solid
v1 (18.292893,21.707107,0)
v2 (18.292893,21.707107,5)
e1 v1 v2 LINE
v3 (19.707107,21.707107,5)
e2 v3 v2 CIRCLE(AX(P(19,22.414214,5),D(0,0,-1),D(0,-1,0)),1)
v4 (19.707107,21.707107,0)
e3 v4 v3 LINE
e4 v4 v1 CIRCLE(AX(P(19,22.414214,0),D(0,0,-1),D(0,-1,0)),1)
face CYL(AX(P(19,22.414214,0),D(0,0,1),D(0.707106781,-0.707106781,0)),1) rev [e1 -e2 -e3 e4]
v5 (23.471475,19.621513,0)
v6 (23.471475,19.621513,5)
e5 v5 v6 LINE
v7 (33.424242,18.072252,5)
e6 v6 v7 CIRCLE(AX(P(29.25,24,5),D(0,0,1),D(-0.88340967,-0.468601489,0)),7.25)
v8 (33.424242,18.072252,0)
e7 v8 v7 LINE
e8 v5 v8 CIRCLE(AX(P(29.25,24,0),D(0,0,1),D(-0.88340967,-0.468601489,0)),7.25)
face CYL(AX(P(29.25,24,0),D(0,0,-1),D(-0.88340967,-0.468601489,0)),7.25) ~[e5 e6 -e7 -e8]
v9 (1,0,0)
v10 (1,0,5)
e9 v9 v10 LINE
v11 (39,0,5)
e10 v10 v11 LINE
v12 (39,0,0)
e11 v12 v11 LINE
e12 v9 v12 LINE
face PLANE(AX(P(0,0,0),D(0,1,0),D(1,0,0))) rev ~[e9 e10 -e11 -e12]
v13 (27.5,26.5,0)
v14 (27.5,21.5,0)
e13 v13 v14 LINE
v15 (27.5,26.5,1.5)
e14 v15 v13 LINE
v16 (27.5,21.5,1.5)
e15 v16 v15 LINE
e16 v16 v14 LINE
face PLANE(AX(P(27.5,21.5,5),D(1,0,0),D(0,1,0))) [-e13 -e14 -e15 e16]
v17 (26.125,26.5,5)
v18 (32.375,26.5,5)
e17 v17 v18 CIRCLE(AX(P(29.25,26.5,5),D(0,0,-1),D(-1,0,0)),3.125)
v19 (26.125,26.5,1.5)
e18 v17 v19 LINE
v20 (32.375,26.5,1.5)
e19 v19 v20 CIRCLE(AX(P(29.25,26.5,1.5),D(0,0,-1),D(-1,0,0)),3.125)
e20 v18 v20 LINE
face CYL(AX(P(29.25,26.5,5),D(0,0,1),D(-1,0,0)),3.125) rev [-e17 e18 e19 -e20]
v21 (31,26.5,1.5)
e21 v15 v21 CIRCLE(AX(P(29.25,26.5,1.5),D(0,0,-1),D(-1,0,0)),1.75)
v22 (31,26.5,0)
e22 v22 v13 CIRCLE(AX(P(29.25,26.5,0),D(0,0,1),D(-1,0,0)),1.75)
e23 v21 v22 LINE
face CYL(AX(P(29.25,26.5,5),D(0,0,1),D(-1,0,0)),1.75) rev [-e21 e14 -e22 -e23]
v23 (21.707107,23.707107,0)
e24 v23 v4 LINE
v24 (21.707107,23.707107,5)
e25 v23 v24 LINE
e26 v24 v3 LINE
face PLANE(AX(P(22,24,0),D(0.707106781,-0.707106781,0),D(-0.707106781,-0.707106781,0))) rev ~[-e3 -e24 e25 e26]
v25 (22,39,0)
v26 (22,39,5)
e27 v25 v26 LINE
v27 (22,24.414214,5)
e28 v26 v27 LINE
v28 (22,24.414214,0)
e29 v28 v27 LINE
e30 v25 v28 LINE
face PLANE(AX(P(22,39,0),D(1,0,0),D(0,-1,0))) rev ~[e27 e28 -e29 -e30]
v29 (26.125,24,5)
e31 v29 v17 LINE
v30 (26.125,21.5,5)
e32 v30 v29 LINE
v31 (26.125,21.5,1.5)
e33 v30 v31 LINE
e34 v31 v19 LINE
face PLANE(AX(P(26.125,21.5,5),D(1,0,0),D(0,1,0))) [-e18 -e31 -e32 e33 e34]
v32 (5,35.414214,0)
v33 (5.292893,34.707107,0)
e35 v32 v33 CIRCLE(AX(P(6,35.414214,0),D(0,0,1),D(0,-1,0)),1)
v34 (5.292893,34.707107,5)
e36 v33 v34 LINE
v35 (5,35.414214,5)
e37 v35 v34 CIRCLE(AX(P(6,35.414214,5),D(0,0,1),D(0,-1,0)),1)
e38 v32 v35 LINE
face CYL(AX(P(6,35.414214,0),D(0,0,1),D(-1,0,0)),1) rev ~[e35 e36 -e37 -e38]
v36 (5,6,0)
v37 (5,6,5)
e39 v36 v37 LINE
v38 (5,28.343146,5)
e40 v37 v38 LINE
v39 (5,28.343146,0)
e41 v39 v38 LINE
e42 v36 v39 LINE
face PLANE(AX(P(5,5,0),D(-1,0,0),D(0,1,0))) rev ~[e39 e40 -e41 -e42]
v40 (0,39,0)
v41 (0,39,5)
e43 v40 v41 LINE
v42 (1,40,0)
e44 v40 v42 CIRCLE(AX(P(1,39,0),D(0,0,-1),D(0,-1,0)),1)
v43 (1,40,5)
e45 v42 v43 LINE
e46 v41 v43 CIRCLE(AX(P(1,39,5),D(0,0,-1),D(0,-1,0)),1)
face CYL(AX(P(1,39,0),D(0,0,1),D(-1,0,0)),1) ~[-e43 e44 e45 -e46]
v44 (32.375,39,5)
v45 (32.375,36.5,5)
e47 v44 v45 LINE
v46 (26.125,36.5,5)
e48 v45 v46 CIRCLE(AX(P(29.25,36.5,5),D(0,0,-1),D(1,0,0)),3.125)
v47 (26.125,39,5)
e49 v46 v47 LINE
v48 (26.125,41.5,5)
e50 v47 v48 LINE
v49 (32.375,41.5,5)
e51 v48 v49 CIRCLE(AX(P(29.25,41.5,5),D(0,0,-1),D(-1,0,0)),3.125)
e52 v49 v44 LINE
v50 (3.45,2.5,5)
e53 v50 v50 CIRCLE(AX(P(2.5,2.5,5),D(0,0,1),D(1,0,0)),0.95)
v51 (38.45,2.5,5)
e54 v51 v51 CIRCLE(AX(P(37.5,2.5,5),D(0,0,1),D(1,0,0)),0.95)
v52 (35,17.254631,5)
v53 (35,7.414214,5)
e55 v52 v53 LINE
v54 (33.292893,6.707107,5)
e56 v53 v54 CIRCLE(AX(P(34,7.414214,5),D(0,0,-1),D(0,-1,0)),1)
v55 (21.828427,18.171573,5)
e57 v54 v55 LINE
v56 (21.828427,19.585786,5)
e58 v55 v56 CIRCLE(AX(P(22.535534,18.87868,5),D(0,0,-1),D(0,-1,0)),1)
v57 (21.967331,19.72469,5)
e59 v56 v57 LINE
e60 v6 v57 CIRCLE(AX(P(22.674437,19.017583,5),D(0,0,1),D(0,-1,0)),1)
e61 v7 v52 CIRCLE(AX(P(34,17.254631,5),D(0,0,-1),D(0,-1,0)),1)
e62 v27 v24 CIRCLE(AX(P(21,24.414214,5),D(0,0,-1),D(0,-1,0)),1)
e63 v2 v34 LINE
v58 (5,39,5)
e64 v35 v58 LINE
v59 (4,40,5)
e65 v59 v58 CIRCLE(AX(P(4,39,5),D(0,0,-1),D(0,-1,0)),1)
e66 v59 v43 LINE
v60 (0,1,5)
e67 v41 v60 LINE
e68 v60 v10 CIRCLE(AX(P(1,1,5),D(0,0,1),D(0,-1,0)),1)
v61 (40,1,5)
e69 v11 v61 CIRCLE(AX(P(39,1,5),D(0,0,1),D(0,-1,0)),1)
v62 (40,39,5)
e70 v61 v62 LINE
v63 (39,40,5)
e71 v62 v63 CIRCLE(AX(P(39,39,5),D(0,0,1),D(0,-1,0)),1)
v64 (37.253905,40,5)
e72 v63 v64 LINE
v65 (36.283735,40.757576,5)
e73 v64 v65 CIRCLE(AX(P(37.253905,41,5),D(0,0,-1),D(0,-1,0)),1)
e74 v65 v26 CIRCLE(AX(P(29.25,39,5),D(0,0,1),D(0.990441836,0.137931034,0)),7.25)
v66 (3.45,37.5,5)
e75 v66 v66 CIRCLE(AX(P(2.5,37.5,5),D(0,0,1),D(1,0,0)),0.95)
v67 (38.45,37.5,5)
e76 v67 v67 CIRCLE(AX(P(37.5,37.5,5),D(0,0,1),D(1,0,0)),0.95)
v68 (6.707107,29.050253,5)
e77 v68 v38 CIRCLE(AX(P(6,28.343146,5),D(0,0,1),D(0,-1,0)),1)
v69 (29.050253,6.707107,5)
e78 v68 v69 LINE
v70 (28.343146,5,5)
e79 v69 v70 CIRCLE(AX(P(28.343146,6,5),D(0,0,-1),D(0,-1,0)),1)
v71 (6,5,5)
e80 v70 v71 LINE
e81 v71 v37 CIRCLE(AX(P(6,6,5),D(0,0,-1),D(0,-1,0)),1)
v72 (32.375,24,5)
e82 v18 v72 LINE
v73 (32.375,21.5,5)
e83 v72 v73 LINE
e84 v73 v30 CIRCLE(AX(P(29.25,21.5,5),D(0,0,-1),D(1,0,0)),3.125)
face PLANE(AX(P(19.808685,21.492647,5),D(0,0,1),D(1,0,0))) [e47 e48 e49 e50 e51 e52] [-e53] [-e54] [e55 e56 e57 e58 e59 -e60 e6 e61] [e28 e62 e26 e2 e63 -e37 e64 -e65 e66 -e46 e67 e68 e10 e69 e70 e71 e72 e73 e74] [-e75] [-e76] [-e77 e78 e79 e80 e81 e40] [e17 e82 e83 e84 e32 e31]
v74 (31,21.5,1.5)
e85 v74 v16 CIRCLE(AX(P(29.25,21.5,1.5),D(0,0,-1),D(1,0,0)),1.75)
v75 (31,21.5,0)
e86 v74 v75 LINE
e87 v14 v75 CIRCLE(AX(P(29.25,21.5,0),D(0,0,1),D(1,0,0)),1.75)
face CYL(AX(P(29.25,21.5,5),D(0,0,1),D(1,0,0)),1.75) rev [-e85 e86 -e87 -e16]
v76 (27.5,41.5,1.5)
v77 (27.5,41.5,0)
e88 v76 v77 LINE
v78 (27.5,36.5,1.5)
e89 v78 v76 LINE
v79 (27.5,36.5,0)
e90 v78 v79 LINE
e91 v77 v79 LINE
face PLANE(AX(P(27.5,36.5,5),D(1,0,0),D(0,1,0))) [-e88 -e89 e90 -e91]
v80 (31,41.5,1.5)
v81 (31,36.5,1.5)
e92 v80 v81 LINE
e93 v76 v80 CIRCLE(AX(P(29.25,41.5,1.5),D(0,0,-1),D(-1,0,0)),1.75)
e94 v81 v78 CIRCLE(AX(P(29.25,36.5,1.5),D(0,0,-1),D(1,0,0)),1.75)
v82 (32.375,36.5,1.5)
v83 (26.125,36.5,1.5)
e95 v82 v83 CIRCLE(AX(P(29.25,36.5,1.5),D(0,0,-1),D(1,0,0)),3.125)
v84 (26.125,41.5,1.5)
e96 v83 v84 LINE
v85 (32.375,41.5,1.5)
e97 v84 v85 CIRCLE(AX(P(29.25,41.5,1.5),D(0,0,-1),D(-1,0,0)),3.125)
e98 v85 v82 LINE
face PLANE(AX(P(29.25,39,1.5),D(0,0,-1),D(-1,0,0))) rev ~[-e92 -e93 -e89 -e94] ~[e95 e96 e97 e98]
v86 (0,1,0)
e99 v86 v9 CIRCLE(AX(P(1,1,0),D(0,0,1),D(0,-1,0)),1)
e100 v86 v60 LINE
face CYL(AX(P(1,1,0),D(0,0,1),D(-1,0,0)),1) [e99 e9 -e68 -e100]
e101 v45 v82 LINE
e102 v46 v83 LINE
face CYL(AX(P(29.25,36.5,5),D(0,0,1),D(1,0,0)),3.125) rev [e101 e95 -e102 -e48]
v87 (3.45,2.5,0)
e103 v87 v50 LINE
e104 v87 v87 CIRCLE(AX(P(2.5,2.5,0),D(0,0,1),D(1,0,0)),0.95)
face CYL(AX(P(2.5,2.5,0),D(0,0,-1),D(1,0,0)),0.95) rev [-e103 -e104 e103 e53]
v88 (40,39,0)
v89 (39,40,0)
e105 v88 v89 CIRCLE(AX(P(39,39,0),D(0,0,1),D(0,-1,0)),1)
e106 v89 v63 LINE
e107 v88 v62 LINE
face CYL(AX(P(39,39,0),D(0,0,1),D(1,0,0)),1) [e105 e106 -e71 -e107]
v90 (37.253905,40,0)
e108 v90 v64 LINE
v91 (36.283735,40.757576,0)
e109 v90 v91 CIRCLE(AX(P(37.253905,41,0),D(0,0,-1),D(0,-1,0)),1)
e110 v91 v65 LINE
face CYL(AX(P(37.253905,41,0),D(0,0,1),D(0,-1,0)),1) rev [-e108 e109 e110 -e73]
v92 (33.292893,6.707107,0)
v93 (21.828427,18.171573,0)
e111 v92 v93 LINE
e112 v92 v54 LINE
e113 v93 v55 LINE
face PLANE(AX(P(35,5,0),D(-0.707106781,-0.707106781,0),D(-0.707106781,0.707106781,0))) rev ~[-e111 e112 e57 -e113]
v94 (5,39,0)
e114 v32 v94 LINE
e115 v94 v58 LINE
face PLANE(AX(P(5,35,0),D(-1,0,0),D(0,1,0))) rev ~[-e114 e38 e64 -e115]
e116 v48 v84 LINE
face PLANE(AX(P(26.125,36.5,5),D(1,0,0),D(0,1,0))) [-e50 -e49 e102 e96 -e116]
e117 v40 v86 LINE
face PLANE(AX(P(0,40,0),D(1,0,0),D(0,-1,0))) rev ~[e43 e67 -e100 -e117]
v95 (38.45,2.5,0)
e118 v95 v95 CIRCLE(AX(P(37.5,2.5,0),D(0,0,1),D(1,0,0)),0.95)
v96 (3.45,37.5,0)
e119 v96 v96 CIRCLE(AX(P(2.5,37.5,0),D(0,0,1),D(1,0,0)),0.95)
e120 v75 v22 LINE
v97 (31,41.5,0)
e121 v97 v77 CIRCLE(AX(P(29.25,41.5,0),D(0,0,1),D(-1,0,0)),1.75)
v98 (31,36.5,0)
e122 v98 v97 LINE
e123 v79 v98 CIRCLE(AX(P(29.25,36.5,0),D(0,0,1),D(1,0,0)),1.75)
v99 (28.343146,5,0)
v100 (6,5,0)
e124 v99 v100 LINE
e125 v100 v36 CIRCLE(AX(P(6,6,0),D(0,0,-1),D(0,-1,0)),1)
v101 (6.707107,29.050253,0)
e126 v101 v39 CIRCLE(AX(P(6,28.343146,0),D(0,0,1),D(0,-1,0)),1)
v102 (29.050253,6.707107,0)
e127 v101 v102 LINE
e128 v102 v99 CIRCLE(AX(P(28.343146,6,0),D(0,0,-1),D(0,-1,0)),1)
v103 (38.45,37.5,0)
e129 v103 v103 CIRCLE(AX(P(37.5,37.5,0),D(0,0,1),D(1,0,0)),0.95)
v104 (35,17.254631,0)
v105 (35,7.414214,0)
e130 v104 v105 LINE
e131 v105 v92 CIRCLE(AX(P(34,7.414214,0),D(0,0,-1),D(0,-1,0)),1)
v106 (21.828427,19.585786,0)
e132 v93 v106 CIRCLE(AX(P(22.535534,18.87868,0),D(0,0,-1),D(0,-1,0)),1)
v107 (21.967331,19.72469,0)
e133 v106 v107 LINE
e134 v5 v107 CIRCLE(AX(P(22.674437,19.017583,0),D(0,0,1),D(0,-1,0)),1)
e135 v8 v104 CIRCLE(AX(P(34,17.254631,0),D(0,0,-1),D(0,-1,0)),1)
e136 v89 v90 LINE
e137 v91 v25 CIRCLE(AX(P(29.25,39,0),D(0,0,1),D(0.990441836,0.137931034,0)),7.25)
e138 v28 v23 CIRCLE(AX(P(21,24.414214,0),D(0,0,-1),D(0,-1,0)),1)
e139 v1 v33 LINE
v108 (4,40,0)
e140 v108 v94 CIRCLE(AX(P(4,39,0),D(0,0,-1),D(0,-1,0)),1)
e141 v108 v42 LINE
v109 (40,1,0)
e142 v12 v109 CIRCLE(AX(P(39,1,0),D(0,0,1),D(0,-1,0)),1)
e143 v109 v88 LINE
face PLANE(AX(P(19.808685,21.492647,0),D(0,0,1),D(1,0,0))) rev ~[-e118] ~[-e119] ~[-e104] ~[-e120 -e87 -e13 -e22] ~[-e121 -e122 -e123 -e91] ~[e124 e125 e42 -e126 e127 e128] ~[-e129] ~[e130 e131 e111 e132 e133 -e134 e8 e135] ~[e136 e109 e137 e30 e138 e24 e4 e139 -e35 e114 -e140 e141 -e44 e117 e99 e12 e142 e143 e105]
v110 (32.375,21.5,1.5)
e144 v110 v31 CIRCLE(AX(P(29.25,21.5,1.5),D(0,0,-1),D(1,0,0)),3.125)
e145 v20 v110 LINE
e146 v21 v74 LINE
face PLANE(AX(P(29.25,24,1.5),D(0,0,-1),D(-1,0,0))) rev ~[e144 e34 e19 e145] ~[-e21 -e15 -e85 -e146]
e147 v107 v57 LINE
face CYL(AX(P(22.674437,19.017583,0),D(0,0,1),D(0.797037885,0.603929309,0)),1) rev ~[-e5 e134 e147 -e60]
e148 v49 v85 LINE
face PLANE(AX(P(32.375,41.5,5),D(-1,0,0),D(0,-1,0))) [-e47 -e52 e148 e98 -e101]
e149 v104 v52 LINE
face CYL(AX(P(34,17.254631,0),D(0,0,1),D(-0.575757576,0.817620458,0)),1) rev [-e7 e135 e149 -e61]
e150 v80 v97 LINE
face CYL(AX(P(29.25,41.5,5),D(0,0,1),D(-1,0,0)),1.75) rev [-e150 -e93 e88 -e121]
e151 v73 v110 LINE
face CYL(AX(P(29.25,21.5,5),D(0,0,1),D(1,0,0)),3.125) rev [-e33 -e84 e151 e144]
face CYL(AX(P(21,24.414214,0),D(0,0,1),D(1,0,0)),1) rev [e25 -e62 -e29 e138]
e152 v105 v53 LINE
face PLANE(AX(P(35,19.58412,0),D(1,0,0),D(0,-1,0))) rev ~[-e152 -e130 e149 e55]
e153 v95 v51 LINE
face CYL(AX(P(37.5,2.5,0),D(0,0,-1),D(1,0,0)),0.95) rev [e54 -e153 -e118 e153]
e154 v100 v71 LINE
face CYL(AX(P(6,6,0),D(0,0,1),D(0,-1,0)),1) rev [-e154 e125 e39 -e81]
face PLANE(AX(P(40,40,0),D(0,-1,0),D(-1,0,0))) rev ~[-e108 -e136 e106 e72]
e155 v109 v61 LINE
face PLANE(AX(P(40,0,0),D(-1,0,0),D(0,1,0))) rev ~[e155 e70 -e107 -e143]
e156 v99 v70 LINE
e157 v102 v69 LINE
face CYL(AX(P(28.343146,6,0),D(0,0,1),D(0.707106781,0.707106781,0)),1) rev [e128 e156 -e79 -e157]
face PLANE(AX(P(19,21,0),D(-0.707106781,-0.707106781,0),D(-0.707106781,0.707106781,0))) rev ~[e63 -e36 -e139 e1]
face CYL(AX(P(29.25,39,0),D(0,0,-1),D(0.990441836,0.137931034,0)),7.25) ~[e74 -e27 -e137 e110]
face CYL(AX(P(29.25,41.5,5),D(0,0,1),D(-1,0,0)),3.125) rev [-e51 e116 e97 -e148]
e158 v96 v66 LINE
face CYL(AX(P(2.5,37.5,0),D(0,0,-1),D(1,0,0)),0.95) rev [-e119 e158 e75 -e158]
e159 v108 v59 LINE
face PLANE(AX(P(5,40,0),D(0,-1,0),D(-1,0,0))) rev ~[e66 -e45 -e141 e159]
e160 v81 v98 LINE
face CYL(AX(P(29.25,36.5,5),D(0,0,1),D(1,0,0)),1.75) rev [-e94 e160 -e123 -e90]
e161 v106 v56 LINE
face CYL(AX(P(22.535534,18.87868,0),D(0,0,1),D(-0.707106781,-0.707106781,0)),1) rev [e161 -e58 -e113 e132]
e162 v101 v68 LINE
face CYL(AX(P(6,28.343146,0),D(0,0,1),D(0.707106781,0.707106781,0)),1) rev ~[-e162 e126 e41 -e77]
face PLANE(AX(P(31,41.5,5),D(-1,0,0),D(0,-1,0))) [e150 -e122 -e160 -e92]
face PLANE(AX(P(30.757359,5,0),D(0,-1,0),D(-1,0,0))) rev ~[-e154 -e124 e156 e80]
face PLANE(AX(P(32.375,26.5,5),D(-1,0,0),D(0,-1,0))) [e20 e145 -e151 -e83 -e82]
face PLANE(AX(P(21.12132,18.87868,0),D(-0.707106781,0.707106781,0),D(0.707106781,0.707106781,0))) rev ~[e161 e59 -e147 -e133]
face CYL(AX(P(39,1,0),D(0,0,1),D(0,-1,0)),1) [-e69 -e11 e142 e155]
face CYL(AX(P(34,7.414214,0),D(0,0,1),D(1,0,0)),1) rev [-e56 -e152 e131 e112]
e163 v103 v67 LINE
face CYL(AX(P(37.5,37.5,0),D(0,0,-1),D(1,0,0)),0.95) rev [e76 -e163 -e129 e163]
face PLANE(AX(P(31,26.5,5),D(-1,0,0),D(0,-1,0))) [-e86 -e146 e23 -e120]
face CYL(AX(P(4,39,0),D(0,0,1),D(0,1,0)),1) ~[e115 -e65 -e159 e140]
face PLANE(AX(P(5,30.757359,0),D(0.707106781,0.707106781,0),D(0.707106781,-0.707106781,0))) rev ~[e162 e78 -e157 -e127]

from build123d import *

# Parameters (mm, degrees)
SKETCH1_R           = 0.95
SKETCH1_R_2         = 1.75
BOSS_EXTRUDE1_DEPTH = 5
SKETCH6_R           = 3.125
CUT_EXTRUDE1_DEPTH  = 3.2
CUT_EXTRUDE2_DEPTH  = 62.351955959
CUT_EXTRUDE3_DEPTH  = 3.5
FILLET1_R           = 1


with BuildPart() as part:
    # Sketch1 → Boss-Extrude1 (new body)
    with BuildSketch(Plane.XY):
        with BuildLine():
            Line((0, 40), (0, 0))
            Line((0, 0), (40, 0))
            Line((40, 0), (40, 40))
            Line((40, 40), (36.430703308, 40))
            ThreePointArc((36.430703308, 40), (28.74880093, 46.232655079), (22, 39))
            Line((22, 39), (22, 24))
            Line((22, 24), (19, 21))
            Line((19, 21), (5, 35))
            Line((5, 35), (5, 40))
            Line((5, 40), (0, 40))
        make_face()
        Polygon((5, 5), (5, 30.757359313), (30.757359313, 5), align=None, mode=Mode.SUBTRACT)
        with BuildLine():
            Line((35, 19.584119567), (35, 5))
            Line((35, 5), (21.121320344, 18.878679656))
            Line((21.121320344, 18.878679656), (22.845279894, 20.602639207))
            ThreePointArc((22.845279894, 20.602639207), (28.644599167, 16.77532078), (35, 19.584119567))
        make_face(mode=Mode.SUBTRACT)
        with Locations((2.5, 2.5)):
            Circle(SKETCH1_R, mode=Mode.SUBTRACT)
        with Locations((37.5, 2.5)):
            Circle(SKETCH1_R, mode=Mode.SUBTRACT)
        with Locations((2.5, 37.5)):
            Circle(SKETCH1_R, mode=Mode.SUBTRACT)
        with Locations((37.5, 37.5)):
            Circle(SKETCH1_R, mode=Mode.SUBTRACT)
        with Locations((29.25, 39)):
            Circle(SKETCH1_R_2, mode=Mode.SUBTRACT)
        with Locations((29.25, 24)):
            Circle(SKETCH1_R_2, mode=Mode.SUBTRACT)
    extrude(amount=BOSS_EXTRUDE1_DEPTH)

    # Sketch6 → Cut-Extrude1 (cut)
    with BuildSketch(Plane.XY.offset(5)):
        with Locations((29.25, 39)):
            Circle(SKETCH6_R)
        with Locations((29.25, 24)):
            Circle(SKETCH6_R)
    extrude(amount=-CUT_EXTRUDE1_DEPTH, mode=Mode.SUBTRACT)

    # Sketch7 → Cut-Extrude2 (cut, through all)
    with BuildSketch(Plane.XY.offset(5)):
        with BuildLine():
            Line((27.5, 26.5), (27.5, 21.5))
            ThreePointArc((27.5, 21.5), (29.25, 19.75), (31, 21.5))
            Line((31, 21.5), (31, 26.5))
            ThreePointArc((31, 26.5), (29.25, 28.25), (27.5, 26.5))
        make_face()
        with BuildLine():
            Line((27.5, 41.5), (27.5, 36.5))
            ThreePointArc((27.5, 36.5), (29.25, 34.75), (31, 36.5))
            Line((31, 36.5), (31, 41.5))
            ThreePointArc((31, 41.5), (29.25, 43.25), (27.5, 41.5))
        make_face()
    extrude(amount=-CUT_EXTRUDE2_DEPTH, mode=Mode.SUBTRACT)

    # Sketch7<3> → Cut-Extrude3 (cut)
    # profile 1 of 2: a face of its own
    with BuildSketch(Plane.XY.offset(5)):
        with BuildLine():
            Line((32.375, 26.5), (32.375, 21.5))
            ThreePointArc((32.375, 21.5), (29.25, 18.375), (26.125, 21.5))
            Line((26.125, 21.5), (26.125, 26.5))
            ThreePointArc((26.125, 26.5), (29.25, 29.625), (32.375, 26.5))
        make_face()
        with BuildLine():
            Line((31, 26.5), (31, 21.5))
            ThreePointArc((31, 21.5), (29.25, 19.75), (27.5, 21.5))
            Line((27.5, 21.5), (27.5, 26.5))
            ThreePointArc((27.5, 26.5), (29.25, 28.25), (31, 26.5))
        make_face(mode=Mode.SUBTRACT)
    # profile 2 of 2: a face of its own
    with BuildSketch(Plane.XY.offset(5)):
        with BuildLine():
            Line((32.375, 41.5), (32.375, 36.5))
            ThreePointArc((32.375, 36.5), (29.25, 33.375), (26.125, 36.5))
            Line((26.125, 36.5), (26.125, 41.5))
            ThreePointArc((26.125, 41.5), (29.25, 44.625), (32.375, 41.5))
        make_face()
        with BuildLine():
            Line((31, 41.5), (31, 36.5))
            ThreePointArc((31, 36.5), (29.25, 34.75), (27.5, 36.5))
            Line((27.5, 36.5), (27.5, 41.5))
            ThreePointArc((27.5, 41.5), (29.25, 43.25), (31, 41.5))
        make_face(mode=Mode.SUBTRACT)
    extrude(amount=-CUT_EXTRUDE3_DEPTH, mode=Mode.SUBTRACT)

    # Fillet1
    fillet1_edges = [part.edges().sort_by_distance(p)[0] for p in [
        (5, 30.757359313, 2.5),
        (40, 40, 2.5),
        (36.430703308, 40, 2.5),
        (35, 19.584119567, 2.5),
        (22.845279894, 20.602639207, 2.5),
        (21.121320344, 18.878679656, 2.5),
        (22, 24, 2.5),
        (19, 21, 2.5),
        (30.757359313, 5, 2.5),
        (35, 5, 2.5),
        (5, 5, 2.5),
        (5, 35, 2.5),
        (5, 40, 2.5),
        (0, 40, 2.5),
        (40, 0, 2.5),
        (0, 0, 2.5),
    ]]
    fillet(fillet1_edges, radius=FILLET1_R)


solid = part.part
